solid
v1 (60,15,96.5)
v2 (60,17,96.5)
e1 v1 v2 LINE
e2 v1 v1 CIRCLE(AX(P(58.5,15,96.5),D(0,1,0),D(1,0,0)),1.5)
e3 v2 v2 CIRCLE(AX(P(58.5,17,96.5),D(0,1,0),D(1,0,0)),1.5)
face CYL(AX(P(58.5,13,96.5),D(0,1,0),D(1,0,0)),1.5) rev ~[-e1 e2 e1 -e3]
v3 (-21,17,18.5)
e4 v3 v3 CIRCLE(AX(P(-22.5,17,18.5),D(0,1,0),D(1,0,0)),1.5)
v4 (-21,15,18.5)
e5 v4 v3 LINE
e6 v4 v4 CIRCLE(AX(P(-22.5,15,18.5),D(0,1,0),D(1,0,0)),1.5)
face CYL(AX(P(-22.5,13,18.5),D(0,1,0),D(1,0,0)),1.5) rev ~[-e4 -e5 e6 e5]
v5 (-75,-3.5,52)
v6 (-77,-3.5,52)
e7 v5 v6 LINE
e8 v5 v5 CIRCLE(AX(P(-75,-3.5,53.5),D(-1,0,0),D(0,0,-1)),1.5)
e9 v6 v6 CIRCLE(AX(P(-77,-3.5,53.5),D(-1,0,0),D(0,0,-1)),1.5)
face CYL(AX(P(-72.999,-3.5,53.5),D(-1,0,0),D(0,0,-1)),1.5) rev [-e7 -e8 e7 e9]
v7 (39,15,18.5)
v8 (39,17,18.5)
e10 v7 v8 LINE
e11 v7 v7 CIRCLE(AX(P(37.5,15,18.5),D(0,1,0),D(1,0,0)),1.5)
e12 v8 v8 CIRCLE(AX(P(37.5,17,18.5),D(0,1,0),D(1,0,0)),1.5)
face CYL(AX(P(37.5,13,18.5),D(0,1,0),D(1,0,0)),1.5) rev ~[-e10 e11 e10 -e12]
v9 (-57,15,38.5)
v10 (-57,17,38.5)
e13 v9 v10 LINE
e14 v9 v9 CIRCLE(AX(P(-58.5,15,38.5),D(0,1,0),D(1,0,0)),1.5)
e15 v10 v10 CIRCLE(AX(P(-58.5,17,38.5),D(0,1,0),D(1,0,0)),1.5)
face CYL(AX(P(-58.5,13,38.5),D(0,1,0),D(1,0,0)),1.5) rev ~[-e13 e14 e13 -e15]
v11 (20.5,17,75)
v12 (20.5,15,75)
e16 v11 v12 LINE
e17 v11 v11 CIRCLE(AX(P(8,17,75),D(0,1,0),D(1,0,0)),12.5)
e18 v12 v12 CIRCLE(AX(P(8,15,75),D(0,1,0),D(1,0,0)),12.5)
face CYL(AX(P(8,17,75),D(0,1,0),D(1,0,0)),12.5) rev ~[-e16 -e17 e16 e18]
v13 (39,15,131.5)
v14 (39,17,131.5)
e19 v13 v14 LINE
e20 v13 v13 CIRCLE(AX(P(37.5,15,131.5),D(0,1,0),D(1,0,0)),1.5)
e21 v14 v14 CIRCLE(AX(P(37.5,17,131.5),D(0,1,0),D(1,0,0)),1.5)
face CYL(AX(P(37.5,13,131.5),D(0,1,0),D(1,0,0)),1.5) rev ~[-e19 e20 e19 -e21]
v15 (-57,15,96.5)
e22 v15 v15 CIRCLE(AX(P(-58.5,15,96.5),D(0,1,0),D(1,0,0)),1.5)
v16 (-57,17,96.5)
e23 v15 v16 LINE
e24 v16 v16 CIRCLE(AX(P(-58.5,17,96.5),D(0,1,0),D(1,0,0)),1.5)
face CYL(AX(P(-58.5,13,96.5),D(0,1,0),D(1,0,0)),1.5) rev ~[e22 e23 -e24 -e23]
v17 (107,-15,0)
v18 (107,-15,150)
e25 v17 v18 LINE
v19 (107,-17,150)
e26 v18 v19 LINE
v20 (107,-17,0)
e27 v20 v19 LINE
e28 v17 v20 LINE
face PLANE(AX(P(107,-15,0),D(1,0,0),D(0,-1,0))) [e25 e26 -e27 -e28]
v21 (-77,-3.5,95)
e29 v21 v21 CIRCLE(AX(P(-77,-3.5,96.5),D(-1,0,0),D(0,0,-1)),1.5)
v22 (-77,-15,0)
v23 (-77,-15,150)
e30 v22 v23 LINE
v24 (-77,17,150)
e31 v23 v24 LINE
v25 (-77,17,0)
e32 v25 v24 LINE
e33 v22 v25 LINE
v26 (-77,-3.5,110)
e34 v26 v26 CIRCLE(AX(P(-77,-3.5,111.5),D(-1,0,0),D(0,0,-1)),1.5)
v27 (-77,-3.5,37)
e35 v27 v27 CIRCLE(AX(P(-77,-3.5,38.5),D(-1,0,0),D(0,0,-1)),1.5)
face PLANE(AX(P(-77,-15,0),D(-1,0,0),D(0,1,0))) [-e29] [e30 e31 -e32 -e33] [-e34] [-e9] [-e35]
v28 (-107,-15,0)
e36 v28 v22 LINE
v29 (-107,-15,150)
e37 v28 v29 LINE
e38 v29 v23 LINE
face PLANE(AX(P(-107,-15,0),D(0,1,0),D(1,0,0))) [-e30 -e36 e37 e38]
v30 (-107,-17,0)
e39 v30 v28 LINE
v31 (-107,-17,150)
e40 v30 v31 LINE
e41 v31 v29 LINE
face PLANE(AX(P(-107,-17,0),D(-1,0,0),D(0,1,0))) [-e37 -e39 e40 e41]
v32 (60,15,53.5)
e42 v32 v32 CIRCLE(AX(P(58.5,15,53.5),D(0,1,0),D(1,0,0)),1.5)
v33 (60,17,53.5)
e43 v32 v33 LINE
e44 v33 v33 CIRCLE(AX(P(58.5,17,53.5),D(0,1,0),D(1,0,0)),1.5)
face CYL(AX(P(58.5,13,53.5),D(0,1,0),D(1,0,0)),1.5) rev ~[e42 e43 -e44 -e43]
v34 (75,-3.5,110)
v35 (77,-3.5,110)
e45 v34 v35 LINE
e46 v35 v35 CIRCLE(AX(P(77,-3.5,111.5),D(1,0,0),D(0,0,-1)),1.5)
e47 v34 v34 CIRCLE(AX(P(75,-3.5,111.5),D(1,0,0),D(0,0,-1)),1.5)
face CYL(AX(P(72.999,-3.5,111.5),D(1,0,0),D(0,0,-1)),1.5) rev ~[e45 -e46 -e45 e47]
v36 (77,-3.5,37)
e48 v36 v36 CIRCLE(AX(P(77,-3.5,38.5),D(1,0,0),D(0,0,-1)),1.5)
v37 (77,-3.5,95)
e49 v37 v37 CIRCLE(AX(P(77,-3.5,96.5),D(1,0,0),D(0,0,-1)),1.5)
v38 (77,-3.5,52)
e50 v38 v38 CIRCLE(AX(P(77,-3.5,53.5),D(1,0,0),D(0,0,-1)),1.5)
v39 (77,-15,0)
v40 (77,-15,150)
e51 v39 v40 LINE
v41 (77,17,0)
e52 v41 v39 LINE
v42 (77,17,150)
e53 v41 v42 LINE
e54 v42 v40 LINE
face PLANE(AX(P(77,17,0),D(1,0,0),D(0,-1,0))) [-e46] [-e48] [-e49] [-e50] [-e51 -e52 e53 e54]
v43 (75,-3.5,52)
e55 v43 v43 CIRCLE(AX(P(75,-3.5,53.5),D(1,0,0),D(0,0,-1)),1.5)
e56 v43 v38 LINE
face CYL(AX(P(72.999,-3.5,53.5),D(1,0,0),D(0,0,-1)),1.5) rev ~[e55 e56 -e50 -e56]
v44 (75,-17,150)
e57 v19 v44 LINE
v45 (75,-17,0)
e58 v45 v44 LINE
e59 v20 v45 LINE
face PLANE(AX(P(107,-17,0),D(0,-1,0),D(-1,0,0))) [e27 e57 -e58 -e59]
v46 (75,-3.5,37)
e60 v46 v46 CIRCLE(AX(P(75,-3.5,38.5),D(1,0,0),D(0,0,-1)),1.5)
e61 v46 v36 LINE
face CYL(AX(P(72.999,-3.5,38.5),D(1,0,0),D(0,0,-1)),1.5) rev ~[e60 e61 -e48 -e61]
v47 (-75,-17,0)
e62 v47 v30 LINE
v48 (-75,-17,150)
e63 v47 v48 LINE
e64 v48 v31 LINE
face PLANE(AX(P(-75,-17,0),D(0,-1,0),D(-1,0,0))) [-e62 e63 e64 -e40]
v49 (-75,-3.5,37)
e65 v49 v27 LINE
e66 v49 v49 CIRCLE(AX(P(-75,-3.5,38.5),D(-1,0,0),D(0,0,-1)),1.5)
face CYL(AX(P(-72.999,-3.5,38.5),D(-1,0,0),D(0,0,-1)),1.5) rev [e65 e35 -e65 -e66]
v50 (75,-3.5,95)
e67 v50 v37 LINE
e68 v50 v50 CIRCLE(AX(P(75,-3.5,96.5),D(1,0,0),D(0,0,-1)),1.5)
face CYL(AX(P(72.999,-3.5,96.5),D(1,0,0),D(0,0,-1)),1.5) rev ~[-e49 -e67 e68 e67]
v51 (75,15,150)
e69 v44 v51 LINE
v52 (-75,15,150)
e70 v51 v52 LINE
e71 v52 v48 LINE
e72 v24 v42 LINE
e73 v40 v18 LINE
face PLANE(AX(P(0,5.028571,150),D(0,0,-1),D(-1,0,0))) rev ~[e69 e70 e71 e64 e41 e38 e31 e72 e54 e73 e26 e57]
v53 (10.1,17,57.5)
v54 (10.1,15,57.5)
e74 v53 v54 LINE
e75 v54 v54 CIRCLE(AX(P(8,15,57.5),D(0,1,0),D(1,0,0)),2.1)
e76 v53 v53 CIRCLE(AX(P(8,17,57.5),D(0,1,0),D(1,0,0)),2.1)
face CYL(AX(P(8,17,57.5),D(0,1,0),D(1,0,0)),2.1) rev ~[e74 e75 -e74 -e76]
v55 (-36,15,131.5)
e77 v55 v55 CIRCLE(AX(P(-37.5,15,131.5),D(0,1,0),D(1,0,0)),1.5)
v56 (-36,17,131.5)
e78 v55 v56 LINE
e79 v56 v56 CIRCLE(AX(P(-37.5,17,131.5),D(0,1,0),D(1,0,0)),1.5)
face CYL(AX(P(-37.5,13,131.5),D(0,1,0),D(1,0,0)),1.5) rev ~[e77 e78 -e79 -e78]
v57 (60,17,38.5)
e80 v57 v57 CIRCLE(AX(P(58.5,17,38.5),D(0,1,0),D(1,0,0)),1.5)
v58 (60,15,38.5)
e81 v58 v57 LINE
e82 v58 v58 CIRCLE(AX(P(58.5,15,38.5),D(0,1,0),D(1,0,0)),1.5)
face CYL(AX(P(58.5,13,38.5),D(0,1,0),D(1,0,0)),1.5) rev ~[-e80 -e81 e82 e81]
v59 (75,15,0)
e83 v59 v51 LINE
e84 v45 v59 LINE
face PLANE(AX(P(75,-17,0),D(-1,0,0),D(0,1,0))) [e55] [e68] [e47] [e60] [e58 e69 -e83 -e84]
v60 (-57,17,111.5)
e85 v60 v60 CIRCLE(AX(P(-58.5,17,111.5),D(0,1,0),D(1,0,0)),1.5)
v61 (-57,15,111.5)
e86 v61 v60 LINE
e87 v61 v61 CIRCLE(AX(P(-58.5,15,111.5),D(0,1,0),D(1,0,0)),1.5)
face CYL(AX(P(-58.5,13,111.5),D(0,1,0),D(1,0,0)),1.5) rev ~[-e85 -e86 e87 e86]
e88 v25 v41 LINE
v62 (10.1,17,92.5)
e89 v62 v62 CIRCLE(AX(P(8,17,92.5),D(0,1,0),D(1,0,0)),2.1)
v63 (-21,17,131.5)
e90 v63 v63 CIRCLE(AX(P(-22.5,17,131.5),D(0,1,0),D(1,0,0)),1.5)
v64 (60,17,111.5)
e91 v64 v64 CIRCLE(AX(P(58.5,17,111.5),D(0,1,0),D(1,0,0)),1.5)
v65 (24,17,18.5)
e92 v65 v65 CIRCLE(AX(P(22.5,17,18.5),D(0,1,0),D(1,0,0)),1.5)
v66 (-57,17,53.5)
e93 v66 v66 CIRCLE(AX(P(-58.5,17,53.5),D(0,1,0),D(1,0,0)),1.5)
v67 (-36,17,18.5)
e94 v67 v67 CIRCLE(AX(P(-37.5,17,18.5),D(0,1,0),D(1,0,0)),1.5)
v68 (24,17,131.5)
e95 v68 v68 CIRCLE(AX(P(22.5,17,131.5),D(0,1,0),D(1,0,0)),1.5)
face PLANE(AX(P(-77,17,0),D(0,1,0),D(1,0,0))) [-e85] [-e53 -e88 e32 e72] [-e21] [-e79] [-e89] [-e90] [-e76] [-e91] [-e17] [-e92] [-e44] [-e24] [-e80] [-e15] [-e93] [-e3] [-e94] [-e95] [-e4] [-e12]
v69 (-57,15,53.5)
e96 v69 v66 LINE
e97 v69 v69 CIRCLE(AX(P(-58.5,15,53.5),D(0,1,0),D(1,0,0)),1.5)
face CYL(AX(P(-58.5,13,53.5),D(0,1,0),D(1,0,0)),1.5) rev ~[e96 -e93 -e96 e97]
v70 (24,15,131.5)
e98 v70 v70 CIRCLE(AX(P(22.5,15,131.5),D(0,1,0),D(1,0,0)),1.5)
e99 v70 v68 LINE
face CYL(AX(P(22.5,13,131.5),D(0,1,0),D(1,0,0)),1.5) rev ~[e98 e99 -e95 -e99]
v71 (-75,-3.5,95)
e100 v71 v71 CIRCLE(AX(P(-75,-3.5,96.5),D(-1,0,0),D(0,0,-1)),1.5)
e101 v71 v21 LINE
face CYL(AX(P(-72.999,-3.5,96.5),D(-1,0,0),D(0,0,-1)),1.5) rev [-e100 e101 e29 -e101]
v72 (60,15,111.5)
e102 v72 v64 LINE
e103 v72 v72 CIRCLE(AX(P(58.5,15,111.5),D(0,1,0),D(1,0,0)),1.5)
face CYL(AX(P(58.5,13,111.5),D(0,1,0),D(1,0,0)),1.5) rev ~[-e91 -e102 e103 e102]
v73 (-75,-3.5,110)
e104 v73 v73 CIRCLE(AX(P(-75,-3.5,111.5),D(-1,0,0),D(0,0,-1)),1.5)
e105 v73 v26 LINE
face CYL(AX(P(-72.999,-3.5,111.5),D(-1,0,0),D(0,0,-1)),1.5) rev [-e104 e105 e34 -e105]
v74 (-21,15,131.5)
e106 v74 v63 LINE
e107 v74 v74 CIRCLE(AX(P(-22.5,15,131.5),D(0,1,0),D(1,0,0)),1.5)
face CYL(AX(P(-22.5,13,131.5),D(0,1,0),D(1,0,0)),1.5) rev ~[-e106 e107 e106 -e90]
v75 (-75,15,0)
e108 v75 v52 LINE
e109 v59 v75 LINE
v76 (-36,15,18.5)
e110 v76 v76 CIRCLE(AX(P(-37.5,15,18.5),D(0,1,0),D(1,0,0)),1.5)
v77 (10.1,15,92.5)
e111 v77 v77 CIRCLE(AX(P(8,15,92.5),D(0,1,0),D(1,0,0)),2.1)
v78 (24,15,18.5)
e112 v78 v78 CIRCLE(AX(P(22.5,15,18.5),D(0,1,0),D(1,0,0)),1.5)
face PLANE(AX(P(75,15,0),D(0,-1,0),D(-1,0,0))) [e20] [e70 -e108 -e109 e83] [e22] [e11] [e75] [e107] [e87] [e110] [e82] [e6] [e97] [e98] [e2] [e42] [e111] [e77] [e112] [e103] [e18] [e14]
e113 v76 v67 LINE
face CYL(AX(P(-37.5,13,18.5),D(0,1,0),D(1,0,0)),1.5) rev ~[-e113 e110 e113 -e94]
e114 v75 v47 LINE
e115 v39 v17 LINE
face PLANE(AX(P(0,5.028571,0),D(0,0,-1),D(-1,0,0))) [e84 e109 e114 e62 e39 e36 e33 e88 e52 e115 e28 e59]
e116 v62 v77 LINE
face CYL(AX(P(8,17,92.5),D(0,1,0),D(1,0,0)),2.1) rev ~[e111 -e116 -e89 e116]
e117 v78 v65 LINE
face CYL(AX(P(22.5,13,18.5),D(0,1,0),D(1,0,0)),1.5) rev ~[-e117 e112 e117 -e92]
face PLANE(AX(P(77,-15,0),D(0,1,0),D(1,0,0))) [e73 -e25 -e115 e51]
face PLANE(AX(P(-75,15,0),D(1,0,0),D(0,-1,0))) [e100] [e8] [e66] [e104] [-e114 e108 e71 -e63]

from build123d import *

# Parameters (mm, degrees)
BOSS_EXTRUDE1_DEPTH       = 150
CUT_EXTRUDE1_REACH        = 36
SKETCH2_R                 = 12.5
CUT_EXTRUDE2_REACH        = 36
SKETCH3_R                 = 2.1
F_3_0MM_DOWEL_HOLE1_D     = 3
F_3_0MM_DOWEL_HOLE1_DEPTH = 2
F_3_0MM_DOWEL_HOLE2_D     = 3
F_3_0MM_DOWEL_HOLE2_DEPTH = 2.001


with BuildPart() as part:
    # Sketch1 → Boss-Extrude1 (new body)
    with BuildSketch(Plane.XY):
        Polygon((-77, 17), (77, 17), (77, -15), (107, -15), (107, -17), (75, -17), (75, 15), (-75, 15), (-75, -17), (-107, -17), (-107, -15), (-77, -15), align=None)
    extrude(amount=BOSS_EXTRUDE1_DEPTH)

    # Sketch2 → Cut-Extrude1 (cut, up to next)
    with BuildSketch(Plane(origin=(0, 17, 0), x_dir=(1, 0, 0), z_dir=(0, 1, 0)), mode=Mode.PRIVATE) as cut_extrude1_sk1:
        with Locations((8, -75)):
            Circle(SKETCH2_R)
    cut_extrude1_tool1 = extrude(cut_extrude1_sk1.sketch, amount=-CUT_EXTRUDE1_REACH, mode=Mode.PRIVATE) & part.part
    add(cut_extrude1_tool1.solids().sort_by_distance((8, 17, 75))[0], mode=Mode.SUBTRACT)

    # Sketch3 → Cut-Extrude2 (cut, up to next)
    with BuildSketch(Plane(origin=(0, 17, 0), x_dir=(1, 0, 0), z_dir=(0, 1, 0)), mode=Mode.PRIVATE) as cut_extrude2_sk1:
        with Locations((8, -57.5)):
            Circle(SKETCH3_R)
    cut_extrude2_tool1 = extrude(cut_extrude2_sk1.sketch, amount=-CUT_EXTRUDE2_REACH, mode=Mode.PRIVATE) & part.part
    add(cut_extrude2_tool1.solids().sort_by_distance((8, 17, 57.5))[0], mode=Mode.SUBTRACT)
    # Sketch3 → Cut-Extrude2 (cut, up to next)
    with BuildSketch(Plane(origin=(0, 17, 0), x_dir=(1, 0, 0), z_dir=(0, 1, 0)), mode=Mode.PRIVATE) as cut_extrude2_sk2:
        with Locations((8, -92.5)):
            Circle(SKETCH3_R)
    cut_extrude2_tool2 = extrude(cut_extrude2_sk2.sketch, amount=-CUT_EXTRUDE2_REACH, mode=Mode.PRIVATE) & part.part
    add(cut_extrude2_tool2.solids().sort_by_distance((8, 17, 92.5))[0], mode=Mode.SUBTRACT)

    # Ø3.0mm Dowel Hole1
    with Locations(Plane(origin=(0, 15, 0), x_dir=(-1, 0, 0), z_dir=(0, -1, 0))):
        with Locations((58.5, -111.5), (58.5, -96.5), (37.5, -131.5), (22.5, -131.5), (-22.5, -131.5), (-37.5, -131.5), (-58.5, -111.5), (-58.5, -96.5), (-58.5, -53.5), (-58.5, -38.5), (-37.5, -18.5), (-22.5, -18.5), (22.5, -18.5), (37.5, -18.5), (58.5, -53.5), (58.5, -38.5)):
            Hole(F_3_0MM_DOWEL_HOLE1_D / 2, depth=F_3_0MM_DOWEL_HOLE1_DEPTH)

    # Ø3.0mm Dowel Hole2
    with Locations(Plane.ZY.offset(-75)):
        with Locations((38.5, -3.5), (53.5, -3.5), (96.5, -3.5), (111.5, -3.5)):
            f_3_0mm_dowel_hole2 = Hole(F_3_0MM_DOWEL_HOLE2_D / 2, depth=F_3_0MM_DOWEL_HOLE2_DEPTH)

    # Mirror1: Ø3.0mm Dowel Hole2 across plane
    add(f_3_0mm_dowel_hole2.mirror(Plane(origin=(0, 0, 0), x_dir=(0, 0, 1), z_dir=(1, 0, 0))), mode=Mode.SUBTRACT)


solid = part.part
